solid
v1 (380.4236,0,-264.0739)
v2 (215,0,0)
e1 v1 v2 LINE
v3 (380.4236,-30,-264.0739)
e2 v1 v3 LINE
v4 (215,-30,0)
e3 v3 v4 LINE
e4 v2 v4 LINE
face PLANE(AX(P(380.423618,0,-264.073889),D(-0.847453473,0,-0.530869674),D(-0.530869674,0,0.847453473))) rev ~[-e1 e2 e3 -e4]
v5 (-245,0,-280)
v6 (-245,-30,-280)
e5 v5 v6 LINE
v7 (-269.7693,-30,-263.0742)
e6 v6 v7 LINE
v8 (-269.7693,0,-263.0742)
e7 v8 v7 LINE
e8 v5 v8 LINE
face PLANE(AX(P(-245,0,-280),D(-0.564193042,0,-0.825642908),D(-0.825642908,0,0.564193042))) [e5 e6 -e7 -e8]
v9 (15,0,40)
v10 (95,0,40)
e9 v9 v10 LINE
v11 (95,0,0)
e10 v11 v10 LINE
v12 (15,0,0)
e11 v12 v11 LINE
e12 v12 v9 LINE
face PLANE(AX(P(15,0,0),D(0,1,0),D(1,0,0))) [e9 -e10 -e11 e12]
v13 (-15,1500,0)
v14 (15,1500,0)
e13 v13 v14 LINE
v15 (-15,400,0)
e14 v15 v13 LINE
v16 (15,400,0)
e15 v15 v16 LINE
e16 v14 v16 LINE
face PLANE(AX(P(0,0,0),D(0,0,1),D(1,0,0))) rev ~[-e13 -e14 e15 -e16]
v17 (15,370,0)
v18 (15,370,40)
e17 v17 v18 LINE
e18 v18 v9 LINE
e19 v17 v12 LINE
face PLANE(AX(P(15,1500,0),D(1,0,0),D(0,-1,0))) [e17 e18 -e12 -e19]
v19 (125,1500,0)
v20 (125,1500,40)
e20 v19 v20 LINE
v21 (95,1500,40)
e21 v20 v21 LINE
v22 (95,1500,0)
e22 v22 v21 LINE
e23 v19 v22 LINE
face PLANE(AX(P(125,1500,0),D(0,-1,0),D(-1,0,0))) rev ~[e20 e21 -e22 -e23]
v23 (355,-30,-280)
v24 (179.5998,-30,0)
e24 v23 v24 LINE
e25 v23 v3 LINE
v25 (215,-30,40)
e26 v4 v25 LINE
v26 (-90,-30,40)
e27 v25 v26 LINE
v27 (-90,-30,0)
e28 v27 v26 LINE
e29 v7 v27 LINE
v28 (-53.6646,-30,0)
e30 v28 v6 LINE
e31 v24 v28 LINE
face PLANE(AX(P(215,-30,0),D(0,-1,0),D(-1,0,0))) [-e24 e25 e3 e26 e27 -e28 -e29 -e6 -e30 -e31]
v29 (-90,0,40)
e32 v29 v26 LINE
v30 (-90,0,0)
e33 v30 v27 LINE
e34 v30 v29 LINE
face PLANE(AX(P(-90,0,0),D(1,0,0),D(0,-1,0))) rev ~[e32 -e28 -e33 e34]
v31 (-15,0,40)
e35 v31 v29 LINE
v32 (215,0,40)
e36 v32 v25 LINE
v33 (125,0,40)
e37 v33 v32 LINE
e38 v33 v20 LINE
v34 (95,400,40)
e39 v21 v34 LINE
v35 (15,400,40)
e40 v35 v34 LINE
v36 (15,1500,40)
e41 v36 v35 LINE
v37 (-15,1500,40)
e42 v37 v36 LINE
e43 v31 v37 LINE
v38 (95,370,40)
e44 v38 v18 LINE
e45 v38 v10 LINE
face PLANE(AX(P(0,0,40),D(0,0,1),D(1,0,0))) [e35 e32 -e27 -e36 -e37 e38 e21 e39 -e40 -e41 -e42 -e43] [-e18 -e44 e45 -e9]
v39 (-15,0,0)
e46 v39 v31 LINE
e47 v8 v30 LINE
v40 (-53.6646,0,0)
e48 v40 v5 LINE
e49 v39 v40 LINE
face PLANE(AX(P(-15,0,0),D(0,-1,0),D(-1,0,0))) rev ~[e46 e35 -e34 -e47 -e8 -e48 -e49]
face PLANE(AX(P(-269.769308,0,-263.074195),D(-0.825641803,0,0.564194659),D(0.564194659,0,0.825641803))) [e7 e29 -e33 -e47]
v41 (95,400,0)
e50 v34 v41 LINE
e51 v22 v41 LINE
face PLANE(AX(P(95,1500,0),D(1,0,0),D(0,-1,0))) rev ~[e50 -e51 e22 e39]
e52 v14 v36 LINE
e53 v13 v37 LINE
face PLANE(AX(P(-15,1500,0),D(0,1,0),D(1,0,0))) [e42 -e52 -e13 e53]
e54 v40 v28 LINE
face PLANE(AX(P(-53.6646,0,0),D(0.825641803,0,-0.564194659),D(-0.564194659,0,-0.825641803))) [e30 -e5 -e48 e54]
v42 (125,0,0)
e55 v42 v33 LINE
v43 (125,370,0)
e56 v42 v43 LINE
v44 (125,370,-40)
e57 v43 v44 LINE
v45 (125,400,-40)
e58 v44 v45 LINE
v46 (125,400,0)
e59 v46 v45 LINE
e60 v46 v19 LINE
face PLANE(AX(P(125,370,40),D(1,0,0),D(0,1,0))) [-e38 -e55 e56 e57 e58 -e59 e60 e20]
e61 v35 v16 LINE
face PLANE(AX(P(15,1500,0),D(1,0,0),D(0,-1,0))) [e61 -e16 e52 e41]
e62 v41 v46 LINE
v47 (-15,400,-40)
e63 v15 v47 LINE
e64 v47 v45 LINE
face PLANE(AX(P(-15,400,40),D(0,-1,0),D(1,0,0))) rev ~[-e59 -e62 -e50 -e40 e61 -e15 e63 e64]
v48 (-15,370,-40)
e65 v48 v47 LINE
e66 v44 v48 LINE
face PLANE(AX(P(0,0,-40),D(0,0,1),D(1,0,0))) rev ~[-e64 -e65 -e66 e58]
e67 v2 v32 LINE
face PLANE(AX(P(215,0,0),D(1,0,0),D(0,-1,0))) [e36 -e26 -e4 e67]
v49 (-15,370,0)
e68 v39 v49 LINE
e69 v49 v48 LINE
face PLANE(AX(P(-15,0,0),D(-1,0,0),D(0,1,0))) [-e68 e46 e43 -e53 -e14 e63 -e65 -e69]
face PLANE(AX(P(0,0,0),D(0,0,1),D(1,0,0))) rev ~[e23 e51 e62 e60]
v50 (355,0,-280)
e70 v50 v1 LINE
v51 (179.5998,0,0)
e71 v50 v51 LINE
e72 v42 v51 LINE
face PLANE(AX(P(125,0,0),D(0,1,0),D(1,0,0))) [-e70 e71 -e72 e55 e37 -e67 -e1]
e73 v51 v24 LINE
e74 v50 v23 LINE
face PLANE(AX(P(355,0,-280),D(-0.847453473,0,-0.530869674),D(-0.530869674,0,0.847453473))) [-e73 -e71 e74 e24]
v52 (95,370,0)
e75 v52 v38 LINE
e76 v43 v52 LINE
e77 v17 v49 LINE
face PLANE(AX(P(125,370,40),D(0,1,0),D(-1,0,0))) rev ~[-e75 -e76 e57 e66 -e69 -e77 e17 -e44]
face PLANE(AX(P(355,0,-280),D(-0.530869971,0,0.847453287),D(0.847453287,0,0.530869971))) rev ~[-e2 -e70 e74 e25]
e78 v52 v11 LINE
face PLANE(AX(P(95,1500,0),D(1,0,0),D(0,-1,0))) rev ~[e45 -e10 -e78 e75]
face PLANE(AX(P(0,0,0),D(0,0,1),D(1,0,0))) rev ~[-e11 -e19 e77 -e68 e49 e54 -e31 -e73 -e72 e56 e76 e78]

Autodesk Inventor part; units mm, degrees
ref_plane "YZ Plane" through (0, 0, 0) normal (1, 0, 0) x (0, 1, 0)
ref_plane "XZ Plane" through (0, 0, 0) normal (0, 1, 0) x (-1, 0, 0)
ref_plane "XY Plane" through (0, 0, 0) normal (0, 0, 1) x (1, 0, 0)
sketch "Эскиз1" plane through (0, 0, 0) normal (0, 0, 1) x (1, 0, 0)
  line L0 (0, 0) -> (110, 0)
  line L1 (0, 0) -> (15, 0)
  line L2 (15, 0) -> (-15, 0)
  line L3 (-15, 0) -> (-15, 1500)
  line L4 (-15, 1500) -> (15, 1500)
  line L5 (15, 1500) -> (15, 0)
  line L6 (110, 0) -> (95, 0)
  line L7 (95, 0) -> (125, 0)
  line L8 (125, 0) -> (125, 1500)
  line L9 (125, 1500) -> (95, 1500)
  line L10 (95, 1500) -> (95, 0)
  line L11 (0, 0) -> (-90, 0)
  line L12 (-90, 0) -> (-90, -30)
  line L13 (125, 0) -> (215, 0)
  line L14 (215, 0) -> (215, -30)
  line L15 (215, -30) -> (-90, -30)
  point P0 (-15, 0)
  dimension "d0" = 110
  dimension "d1" = 15
  dimension "d2" = 30
  dimension "d3" = 1500
  dimension "d4" = 15
  dimension "d5" = 30
  dimension "d6" = 1500
  dimension "d7" = 90
  dimension "d8" = 30
  dimension "d9" = 90
extrude "Выдавливание1" add sketch "Эскиз1" along normal blind 40
sketch "Эскиз2" plane through (-90, 0, 0) normal (0, 1, 0) x (1, 0, 0)
  line L0 (185, -40) -> (105, -40) projected
  line L1 (-191.3354, 280) -> (0, 0)
  line L2 (305, 0) -> (305, -40) projected
  line L3 (480.4002, 280) -> (305, 0)
  line L4 (445, 280) -> (269.5998, 0)
  line L5 (0, 0) -> (305, 0) projected
  line L6 (36.3354, 0) -> (-155, 280)
  line L7 (-191.3354, 280) -> (-155, 280)
  line L8 (445, 280) -> (480.4002, 280)
  line L9 (-155, 280) -> (445, 280)
  line L10 (0, 0) -> (0, -40) projected
  line L11 (0, 0) -> (36.3354, 0)
  line L12 (305, 0) -> (269.5998, 0)
  line L13 (305, 0) -> (215, 0) projected
  line L14 (185, 0) -> (105, 0) projected
  line L15 (145, 0) -> (145, 280)
  line L16 (270.8246, -0.1173) -> (29.7017, -0.1173)
  line L17 (-155, 280) -> (-179.7693, 263.0742)
  line L18 (445, 280) -> (470.4236, 264.0739)
  point P0 (90, 0)
  point P1 (269.5998, 0)
  dimension "d26" = 600
  dimension "d28" = 30
  dimension "d29" = 30
extrude "Выдавливание2" add sketch "Эскиз2" against normal blind 30 contours L17 L6 L5 L1 | L18 L3 L5 L4
sketch "Эскиз3" plane through (0, 0, 40) normal (0, 0, 1) x (1, 0, 0)
  line L0 (-15, 0) -> (-15, 400)
  line L1 (-15, 1500) -> (-15, 0) projected
  line L2 (-15, 400) -> (125, 400)
  line L3 (125, 0) -> (125, 1500) projected
  line L4 (125, 400) -> (125, 370)
  line L5 (125, 370) -> (-15, 370)
  point P0 (0, 0)
  point P1 (-15, 370)
  dimension "d22" = 400
  dimension "d23" = 30
extrude "Выдавливание3" add sketch "Эскиз3" against normal blind 80
properties part number "Стойка"
